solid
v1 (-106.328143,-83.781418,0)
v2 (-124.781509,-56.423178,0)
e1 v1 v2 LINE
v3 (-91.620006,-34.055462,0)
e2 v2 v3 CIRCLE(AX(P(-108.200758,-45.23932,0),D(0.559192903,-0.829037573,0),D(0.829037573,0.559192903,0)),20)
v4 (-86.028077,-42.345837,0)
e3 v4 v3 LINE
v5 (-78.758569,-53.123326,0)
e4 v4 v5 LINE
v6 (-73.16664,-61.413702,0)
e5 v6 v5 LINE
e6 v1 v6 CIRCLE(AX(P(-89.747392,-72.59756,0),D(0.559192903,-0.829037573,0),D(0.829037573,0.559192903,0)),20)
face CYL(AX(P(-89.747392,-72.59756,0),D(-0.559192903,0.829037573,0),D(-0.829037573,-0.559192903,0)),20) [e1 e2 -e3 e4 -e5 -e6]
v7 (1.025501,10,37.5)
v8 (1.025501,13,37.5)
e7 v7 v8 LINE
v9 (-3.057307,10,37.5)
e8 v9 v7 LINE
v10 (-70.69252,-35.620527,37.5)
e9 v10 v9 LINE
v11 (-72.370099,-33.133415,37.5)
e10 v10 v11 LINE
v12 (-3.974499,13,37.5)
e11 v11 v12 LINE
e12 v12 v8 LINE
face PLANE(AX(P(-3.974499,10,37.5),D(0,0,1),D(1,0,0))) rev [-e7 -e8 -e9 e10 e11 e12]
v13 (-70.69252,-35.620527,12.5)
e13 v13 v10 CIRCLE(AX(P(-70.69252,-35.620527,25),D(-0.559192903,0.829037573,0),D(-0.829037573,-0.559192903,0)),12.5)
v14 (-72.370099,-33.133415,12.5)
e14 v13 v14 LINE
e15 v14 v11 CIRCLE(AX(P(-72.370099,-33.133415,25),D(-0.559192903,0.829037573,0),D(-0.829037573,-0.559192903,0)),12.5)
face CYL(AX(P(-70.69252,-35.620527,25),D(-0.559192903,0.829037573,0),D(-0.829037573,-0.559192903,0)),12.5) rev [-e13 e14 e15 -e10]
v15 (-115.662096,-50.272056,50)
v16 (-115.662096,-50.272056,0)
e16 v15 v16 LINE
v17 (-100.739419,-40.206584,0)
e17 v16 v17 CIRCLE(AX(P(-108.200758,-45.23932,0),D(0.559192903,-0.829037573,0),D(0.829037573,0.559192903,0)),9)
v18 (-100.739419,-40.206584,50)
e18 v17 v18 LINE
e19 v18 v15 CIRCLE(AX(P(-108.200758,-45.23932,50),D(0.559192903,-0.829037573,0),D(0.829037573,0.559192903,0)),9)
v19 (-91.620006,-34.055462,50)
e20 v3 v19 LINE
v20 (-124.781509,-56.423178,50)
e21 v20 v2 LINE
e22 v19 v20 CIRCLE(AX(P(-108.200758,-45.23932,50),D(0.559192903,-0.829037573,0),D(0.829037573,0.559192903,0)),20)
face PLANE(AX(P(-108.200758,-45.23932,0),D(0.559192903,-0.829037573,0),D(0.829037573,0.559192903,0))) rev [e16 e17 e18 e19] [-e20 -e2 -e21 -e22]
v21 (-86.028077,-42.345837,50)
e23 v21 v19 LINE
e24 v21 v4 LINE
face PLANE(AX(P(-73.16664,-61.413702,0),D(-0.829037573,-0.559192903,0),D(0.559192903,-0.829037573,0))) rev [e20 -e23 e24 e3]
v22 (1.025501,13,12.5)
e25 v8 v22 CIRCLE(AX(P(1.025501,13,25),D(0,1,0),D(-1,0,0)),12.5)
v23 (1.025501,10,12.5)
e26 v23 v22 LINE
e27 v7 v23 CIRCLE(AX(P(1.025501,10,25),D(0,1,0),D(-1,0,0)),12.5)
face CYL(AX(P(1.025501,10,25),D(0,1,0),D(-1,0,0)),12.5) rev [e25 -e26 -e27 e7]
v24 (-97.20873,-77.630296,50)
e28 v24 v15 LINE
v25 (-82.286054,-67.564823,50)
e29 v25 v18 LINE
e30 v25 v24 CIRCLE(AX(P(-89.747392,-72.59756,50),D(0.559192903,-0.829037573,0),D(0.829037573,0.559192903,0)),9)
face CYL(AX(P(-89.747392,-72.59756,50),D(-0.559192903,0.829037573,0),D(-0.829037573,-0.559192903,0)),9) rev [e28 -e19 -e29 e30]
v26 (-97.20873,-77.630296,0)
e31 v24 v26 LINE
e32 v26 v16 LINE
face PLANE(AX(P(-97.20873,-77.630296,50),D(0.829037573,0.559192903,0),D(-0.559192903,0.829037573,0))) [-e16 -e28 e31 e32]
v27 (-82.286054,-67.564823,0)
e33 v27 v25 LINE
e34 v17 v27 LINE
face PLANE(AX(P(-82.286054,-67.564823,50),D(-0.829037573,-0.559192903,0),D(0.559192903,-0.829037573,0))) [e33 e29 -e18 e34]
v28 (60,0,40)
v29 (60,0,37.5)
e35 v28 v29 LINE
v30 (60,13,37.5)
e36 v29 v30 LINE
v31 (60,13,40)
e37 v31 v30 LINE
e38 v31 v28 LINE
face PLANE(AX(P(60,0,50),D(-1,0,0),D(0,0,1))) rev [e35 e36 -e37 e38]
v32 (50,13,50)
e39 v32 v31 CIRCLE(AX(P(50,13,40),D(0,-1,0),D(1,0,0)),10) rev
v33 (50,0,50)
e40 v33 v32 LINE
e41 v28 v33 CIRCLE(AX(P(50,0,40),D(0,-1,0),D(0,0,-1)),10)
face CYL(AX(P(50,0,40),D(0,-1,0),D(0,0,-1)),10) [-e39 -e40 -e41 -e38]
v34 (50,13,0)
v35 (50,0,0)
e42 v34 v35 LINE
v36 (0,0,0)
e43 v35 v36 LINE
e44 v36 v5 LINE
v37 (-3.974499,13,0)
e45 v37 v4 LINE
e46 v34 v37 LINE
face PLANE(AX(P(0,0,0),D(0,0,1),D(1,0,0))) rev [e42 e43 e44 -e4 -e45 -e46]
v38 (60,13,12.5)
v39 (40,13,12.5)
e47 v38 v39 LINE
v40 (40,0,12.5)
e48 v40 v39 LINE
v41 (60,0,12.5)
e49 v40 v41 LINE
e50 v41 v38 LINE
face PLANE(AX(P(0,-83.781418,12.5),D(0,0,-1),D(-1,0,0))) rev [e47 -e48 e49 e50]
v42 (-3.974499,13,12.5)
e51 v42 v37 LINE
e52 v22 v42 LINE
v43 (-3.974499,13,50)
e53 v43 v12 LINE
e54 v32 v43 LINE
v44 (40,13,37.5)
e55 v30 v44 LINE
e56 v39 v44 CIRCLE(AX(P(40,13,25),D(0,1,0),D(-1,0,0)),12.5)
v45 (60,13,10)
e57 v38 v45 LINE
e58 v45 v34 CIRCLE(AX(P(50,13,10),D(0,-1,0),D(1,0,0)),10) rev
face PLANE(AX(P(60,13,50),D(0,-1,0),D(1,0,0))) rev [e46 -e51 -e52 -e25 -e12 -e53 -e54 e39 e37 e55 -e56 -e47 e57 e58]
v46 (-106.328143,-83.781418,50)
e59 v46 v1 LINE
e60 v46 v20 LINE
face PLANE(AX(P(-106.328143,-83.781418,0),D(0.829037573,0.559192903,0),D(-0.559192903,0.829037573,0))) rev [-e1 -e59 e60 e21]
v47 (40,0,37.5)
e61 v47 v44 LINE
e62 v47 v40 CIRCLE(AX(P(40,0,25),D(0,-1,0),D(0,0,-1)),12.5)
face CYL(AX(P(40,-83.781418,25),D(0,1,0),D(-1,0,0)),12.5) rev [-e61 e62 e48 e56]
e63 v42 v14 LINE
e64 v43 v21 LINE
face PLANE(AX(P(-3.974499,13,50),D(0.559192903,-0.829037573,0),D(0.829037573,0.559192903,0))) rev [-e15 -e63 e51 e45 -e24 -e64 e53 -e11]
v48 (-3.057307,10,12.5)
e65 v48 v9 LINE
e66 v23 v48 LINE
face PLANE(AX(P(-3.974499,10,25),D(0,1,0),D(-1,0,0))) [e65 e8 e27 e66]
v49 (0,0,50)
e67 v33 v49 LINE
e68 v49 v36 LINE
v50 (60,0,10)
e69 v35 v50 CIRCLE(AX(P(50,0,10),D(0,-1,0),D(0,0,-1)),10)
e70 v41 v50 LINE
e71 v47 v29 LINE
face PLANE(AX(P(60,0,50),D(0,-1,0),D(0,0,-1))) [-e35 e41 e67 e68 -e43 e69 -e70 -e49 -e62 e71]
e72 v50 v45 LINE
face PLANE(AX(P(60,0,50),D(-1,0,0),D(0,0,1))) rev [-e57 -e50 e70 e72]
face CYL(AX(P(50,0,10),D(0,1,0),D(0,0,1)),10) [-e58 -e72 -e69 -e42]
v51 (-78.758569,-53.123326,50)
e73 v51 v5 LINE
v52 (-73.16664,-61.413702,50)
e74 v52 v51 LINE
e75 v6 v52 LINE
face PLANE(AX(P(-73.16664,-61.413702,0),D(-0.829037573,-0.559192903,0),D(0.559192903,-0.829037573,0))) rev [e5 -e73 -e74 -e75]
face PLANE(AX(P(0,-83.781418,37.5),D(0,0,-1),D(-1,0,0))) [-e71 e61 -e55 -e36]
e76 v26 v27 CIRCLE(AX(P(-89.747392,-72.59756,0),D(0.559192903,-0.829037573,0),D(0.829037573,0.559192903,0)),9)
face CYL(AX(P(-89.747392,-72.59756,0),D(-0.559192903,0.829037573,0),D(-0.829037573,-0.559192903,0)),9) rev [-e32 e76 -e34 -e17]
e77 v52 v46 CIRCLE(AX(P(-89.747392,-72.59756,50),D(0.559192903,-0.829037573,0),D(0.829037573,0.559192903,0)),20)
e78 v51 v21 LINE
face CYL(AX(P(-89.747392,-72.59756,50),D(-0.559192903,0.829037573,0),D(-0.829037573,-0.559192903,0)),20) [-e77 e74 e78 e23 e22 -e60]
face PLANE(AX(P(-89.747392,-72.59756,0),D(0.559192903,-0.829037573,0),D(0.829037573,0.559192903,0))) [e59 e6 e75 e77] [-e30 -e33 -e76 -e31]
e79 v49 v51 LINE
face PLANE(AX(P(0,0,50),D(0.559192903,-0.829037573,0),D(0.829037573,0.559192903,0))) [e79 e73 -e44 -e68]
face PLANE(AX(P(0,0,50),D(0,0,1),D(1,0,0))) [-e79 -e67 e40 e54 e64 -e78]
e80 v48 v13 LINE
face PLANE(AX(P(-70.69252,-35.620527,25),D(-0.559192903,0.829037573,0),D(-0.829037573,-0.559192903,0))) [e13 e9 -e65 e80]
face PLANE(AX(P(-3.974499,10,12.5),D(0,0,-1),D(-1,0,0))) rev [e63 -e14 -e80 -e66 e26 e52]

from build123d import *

# Parameters (mm, degrees)
BOSS_EXTRUDE1_DEPTH = 50
BOSS_EXTRUDE2_DEPTH = 16.5
CUT_EXTRUDE1_DEPTH  = 16.5
CUT_EXTRUDE3_DEPTH  = 173.734095702
CUT_EXTRUDE4_DEPTH  = 3
CUT_EXTRUDE5_DEPTH  = 3
FILLET1_R           = 10


with BuildPart() as part:
    # Sketch1 → Boss-Extrude1 (new body)
    with BuildSketch(Plane.XY):
        Polygon((60, 0), (0, 0), (-95.339320844, -64.307183899), (-102.608828589, -53.529695456), (-3.974498859, 13), (60, 13), align=None)
    extrude(amount=BOSS_EXTRUDE1_DEPTH)

    # Sketch3 → Boss-Extrude2 (add, symmetric)
    with BuildSketch(Plane(origin=(-3.634753873, 5.388744222, 0), x_dir=(-0.8290375725550407, -0.5591929034707483, 0), z_dir=(0.5591929034707483, -0.8290375725550407, 0))):
        with BuildLine():
            Line((135, 0), (135, -50))
            ThreePointArc((135, -50), (115, -70), (95, -50))
            Line((95, -50), (95, 0))
            ThreePointArc((95, 0), (115, 20), (135, 0))
        make_face()
        with BuildLine():
            Line((106, -50), (106, 0))
            ThreePointArc((106, 0), (115, 9), (124, 0))
            Line((124, 0), (124, -50))
            ThreePointArc((124, -50), (115, -59), (106, -50))
        make_face(mode=Mode.SUBTRACT)
    extrude(amount=BOSS_EXTRUDE2_DEPTH, both=True)

    # Sketch3<2> → Cut-Extrude1 (cut, symmetric)
    with BuildSketch(Plane(origin=(-3.634753873, 5.388744222, 0), x_dir=(-0.8290375725550407, -0.5591929034707483, 0), z_dir=(0.5591929034707483, -0.8290375725550407, 0))):
        with BuildLine():
            Line((106, -50), (106, 0))
            ThreePointArc((106, 0), (115, 9), (124, 0))
            Line((124, 0), (124, -50))
            ThreePointArc((124, -50), (115, -59), (106, -50))
        make_face()
    extrude(amount=CUT_EXTRUDE1_DEPTH, both=True, mode=Mode.SUBTRACT)

    # Sketch5 → Cut-Extrude3 (cut, through all)
    with BuildSketch(Plane(origin=(0, 13, 0), x_dir=(1, 0, 0), z_dir=(0, 1, 0))):
        with BuildLine():
            Line((40, -37.5), (60, -37.5))
            Line((60, -37.5), (60, -12.5))
            Line((60, -12.5), (40, -12.5))
            ThreePointArc((40, -12.5), (27.5, -25), (40, -37.5))
        make_face()
    extrude(amount=-CUT_EXTRUDE3_DEPTH, mode=Mode.SUBTRACT)

    # Sketch5<3> → Cut-Extrude4 (cut)
    with BuildSketch(Plane(origin=(0, 13, 0), x_dir=(1, 0, 0), z_dir=(0, 1, 0))):
        with BuildLine():
            Line((60, -37.5), (40, -37.5))
            ThreePointArc((40, -37.5), (27.5, -25), (40, -12.5))
            Line((40, -12.5), (60, -12.5))
            ThreePointArc((60, -12.5), (72.5, -25), (60, -37.5))
        make_face()
        with BuildLine():
            Line((-3.974498859, -12.5), (1.025501141, -12.5))
            ThreePointArc((1.025501141, -12.5), (13.525501141, -25), (1.025501141, -37.5))
            Line((1.025501141, -37.5), (-3.974498859, -37.5))
            ThreePointArc((-3.974498859, -37.5), (-16.474498859, -25), (-3.974498859, -12.5))
        make_face()
    extrude(amount=-CUT_EXTRUDE4_DEPTH, mode=Mode.SUBTRACT)

    # Sketch6 → Cut-Extrude5 (cut)
    with BuildSketch(Plane(origin=(-7.269507745, 10.777488443, 0), x_dir=(0.8290375725550407, 0.5591929034707483, 0), z_dir=(-0.5591929034707483, 0.8290375725550407, 0))):
        with BuildLine():
            Line((-78.525501141, -12.5), (3.974498859, -12.5))
            ThreePointArc((3.974498859, -12.5), (16.474498859, -25), (3.974498859, -37.5))
            Line((3.974498859, -37.5), (-78.525501141, -37.5))
            ThreePointArc((-78.525501141, -37.5), (-91.025501141, -25), (-78.525501141, -12.5))
        make_face()
    extrude(amount=-CUT_EXTRUDE5_DEPTH, mode=Mode.SUBTRACT)

    # Fillet1
    fillet1_edges = [part.edges().sort_by_distance(p)[0] for p in [
        (60, 6.5, 50),
        (60, 6.5, 0),
    ]]
    fillet(fillet1_edges, radius=FILLET1_R)


solid = part.part
